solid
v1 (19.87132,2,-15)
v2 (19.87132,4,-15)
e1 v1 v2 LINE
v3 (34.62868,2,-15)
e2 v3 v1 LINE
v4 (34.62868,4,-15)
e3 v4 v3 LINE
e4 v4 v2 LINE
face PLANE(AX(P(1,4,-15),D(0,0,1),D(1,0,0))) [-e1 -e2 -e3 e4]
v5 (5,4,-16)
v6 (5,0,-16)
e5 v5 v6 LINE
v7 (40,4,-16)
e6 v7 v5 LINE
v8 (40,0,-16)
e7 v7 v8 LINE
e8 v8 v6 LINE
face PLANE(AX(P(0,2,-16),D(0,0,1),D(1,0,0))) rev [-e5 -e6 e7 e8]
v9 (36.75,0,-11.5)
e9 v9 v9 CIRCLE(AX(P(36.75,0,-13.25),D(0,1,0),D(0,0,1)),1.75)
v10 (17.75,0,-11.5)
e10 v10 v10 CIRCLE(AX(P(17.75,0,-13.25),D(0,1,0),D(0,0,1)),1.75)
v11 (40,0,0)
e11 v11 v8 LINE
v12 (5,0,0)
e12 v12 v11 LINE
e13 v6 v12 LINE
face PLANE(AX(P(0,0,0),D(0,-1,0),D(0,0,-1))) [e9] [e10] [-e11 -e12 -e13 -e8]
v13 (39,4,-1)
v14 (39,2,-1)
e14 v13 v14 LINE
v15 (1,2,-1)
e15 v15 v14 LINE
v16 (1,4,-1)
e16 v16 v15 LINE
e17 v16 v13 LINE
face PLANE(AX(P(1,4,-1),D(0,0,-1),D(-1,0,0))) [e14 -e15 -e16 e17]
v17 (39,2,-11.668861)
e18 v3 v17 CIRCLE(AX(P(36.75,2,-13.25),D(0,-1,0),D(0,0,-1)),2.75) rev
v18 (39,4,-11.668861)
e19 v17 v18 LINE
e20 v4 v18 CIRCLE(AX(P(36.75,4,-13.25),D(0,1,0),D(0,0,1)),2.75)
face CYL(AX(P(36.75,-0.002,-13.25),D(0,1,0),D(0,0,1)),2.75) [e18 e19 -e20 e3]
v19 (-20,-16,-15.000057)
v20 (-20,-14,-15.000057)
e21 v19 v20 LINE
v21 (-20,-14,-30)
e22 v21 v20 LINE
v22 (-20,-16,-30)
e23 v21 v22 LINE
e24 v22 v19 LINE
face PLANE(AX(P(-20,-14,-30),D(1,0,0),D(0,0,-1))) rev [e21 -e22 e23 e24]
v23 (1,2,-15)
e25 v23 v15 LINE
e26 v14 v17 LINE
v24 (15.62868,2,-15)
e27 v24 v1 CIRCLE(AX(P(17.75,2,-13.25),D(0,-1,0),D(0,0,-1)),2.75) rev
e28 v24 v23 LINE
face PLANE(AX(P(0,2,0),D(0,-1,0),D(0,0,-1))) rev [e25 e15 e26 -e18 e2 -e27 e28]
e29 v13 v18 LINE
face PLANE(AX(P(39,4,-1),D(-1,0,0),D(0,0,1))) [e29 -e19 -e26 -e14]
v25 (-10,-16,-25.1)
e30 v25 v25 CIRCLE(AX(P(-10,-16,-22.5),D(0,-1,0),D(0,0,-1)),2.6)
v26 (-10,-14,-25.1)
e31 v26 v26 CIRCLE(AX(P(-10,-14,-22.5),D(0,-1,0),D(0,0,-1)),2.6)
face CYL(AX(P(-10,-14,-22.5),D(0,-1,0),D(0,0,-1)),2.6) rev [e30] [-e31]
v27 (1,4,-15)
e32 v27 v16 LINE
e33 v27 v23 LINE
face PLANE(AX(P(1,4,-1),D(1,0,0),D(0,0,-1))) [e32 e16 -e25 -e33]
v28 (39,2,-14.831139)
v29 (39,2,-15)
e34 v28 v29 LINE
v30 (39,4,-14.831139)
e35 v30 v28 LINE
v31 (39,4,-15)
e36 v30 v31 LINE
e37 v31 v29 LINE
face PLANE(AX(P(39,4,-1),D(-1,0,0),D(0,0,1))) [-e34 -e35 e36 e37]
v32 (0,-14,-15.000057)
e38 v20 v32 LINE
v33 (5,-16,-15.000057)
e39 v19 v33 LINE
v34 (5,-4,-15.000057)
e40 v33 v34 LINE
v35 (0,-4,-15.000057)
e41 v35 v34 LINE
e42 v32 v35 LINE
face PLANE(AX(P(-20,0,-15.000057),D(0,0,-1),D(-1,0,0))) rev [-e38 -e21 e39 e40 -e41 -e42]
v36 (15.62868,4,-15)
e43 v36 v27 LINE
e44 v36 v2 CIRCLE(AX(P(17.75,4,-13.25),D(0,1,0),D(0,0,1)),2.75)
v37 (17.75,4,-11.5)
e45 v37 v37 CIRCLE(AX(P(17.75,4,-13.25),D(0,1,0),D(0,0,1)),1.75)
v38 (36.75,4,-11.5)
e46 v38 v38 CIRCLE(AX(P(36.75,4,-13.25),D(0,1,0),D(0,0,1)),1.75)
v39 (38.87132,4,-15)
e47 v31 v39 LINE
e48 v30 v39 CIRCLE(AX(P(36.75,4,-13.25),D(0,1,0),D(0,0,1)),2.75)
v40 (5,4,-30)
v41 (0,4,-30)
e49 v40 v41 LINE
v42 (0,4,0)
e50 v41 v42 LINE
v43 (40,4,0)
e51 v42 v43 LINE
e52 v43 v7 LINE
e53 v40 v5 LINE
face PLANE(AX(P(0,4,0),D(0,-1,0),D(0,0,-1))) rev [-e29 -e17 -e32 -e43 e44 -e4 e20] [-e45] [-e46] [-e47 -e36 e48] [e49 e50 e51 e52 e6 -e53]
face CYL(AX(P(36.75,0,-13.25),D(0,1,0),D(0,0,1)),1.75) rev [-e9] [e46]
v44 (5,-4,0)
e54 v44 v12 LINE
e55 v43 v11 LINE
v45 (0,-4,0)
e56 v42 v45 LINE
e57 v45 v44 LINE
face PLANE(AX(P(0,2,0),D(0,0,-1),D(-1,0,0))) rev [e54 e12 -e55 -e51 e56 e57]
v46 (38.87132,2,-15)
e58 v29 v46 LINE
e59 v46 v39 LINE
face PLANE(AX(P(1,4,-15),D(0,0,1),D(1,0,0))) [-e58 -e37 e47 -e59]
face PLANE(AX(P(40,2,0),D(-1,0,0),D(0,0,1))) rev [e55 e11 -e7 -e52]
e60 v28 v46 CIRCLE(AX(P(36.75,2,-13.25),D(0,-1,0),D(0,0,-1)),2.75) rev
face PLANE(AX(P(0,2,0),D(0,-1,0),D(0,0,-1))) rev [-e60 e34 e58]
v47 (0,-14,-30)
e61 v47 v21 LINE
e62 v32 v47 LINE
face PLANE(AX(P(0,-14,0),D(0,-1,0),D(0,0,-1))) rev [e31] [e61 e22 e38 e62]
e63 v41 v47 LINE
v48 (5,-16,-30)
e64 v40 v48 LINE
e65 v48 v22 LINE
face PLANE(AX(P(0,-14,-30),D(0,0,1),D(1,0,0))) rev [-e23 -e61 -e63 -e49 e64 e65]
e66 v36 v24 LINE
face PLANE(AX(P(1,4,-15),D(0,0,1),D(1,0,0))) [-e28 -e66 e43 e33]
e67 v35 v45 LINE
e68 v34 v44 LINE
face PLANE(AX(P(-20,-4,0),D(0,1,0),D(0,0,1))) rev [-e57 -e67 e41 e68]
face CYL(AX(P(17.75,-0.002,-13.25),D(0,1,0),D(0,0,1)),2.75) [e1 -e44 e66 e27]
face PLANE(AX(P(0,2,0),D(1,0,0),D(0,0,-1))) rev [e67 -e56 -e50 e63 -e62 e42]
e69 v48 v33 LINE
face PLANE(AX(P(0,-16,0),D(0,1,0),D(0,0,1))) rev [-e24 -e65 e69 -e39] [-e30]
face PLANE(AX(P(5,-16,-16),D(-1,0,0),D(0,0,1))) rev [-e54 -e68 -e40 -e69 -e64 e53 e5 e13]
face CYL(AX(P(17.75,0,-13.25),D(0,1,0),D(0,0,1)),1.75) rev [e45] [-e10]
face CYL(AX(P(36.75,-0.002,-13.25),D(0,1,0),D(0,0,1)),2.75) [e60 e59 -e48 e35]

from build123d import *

# Parameters (mm, degrees)
SKETCH1_W           = 40
SKETCH1_H           = 16
BOSS_EXTRUDE1_DEPTH = 2
SKETCH2_W           = 40
SKETCH2_H           = 16
SKETCH2_W_2         = 38
SKETCH2_H_2         = 14
BOSS_EXTRUDE2_DEPTH = 2
BOSS_EXTRUDE5_REACH = 45.267
SKETCH3_R           = 2.75
SKETCH4_R           = 1.75
CUT_EXTRUDE1_DEPTH  = 44.266615306
SKETCH5_W           = 5
SKETCH5_H           = 16
BOSS_EXTRUDE6_DEPTH = 16
SKETCH6_W           = 20
SKETCH6_H           = 15
SKETCH6_R           = 2.6
BOSS_EXTRUDE7_DEPTH = 2
SKETCH7_W           = 5
SKETCH7_H           = 1
BOSS_EXTRUDE8_DEPTH = 2
SKETCH9_W           = 11.830057264
SKETCH9_H           = 8
CUT_EXTRUDE3_DEPTH  = 49.795491595
SKETCH10_W          = 5
SKETCH10_H          = 18
BOSS_EXTRUDE9_DEPTH = 14
SKETCH11_W          = 3.17
SKETCH11_H          = 8
CUT_EXTRUDE4_DEPTH  = 49.795491595


with BuildPart() as part:
    # Sketch1 → Boss-Extrude1 (new body)
    with BuildSketch(Plane(origin=(0, 0, 0), x_dir=(1, 0, 0), z_dir=(0, 1, 0))):
        with Locations((20, 8)):
            Rectangle(SKETCH1_W, SKETCH1_H)
    extrude(amount=BOSS_EXTRUDE1_DEPTH)

    # Sketch2 → Boss-Extrude2 (add)
    with BuildSketch(Plane(origin=(0, 2, 0), x_dir=(1, 0, 0), z_dir=(0, 1, 0))):
        with Locations((20, 8)):
            Rectangle(SKETCH2_W, SKETCH2_H)
        with Locations((20, 8)):
            Rectangle(SKETCH2_W_2, SKETCH2_H_2, mode=Mode.SUBTRACT)
    extrude(amount=BOSS_EXTRUDE2_DEPTH)

    # Sketch3 → Boss-Extrude5 (add, up to next)
    with BuildSketch(Plane(origin=(0, 4, 0), x_dir=(1, 0, 0), z_dir=(0, 1, 0)), mode=Mode.PRIVATE) as boss_extrude5_sk1:
        with Locations((17.75, 13.25)):
            Circle(SKETCH3_R)
    boss_extrude5_tool1 = extrude(boss_extrude5_sk1.sketch, amount=-BOSS_EXTRUDE5_REACH, mode=Mode.PRIVATE) - part.part
    # Sketch3 → Boss-Extrude5 (add, up to next)
    with BuildSketch(Plane(origin=(0, 4, 0), x_dir=(1, 0, 0), z_dir=(0, 1, 0)), mode=Mode.PRIVATE) as boss_extrude5_sk2:
        with Locations((36.75, 13.25)):
            Circle(SKETCH3_R)
    boss_extrude5_tool2 = extrude(boss_extrude5_sk2.sketch, amount=-BOSS_EXTRUDE5_REACH, mode=Mode.PRIVATE) - part.part
    add(boss_extrude5_tool1.solids().sort_by_distance((17.75, 4, -13.25))[0])
    add(boss_extrude5_tool2.solids().sort_by_distance((36.75, 4, -13.25))[0])

    # Sketch4 → Cut-Extrude1 (cut, through all)
    with BuildSketch(Plane(origin=(0, 4, 0), x_dir=(1, 0, 0), z_dir=(0, 1, 0))):
        with Locations(Location((17.75, 13.25, 0), (0, 0, 270))):
            Circle(SKETCH4_R)
        with Locations(Location((36.75, 13.25, 0), (0, 0, 270))):
            Circle(SKETCH4_R)
    extrude(amount=-CUT_EXTRUDE1_DEPTH, mode=Mode.SUBTRACT)

    # Sketch5 → Boss-Extrude6 (add)
    with BuildSketch(Plane(origin=(0, 0, 0), x_dir=(-1, 0, 0), z_dir=(0, -1, 0))):
        with Locations((-2.5, 8)):
            Rectangle(SKETCH5_W, SKETCH5_H)
    extrude(amount=BOSS_EXTRUDE6_DEPTH)

    # Sketch6 → Boss-Extrude7 (add)
    # profile 1 of 2: a face of its own
    with BuildSketch(Plane.XZ.offset(16)):
        Polygon((5, -30), (5, 0), (0, 0), (0, -15), (0, -30), align=None)
    # profile 2 of 2: a face of its own
    with BuildSketch(Plane.XZ.offset(16)):
        with Locations((-10, -22.5)):
            Rectangle(SKETCH6_W, SKETCH6_H)
        with Locations(Location((-10, -22.5, 0), (0, 0, 270))):
            Circle(SKETCH6_R, mode=Mode.SUBTRACT)
    extrude(amount=-BOSS_EXTRUDE7_DEPTH)

    # Sketch7 → Boss-Extrude8 (add)
    with BuildSketch(Plane(origin=(0, -14, 0), x_dir=(1, 0, 0), z_dir=(0, 1, 0))):
        with Locations((2.5, 15.5)):
            Rectangle(SKETCH7_W, SKETCH7_H)
    extrude(amount=BOSS_EXTRUDE8_DEPTH)

    # Sketch9 → Cut-Extrude3 (cut, through all)
    with BuildSketch(Plane(origin=(5, 0, 0), x_dir=(0, 0, -1), z_dir=(1, 0, 0))):
        with Locations((5.915028632, -12)):
            Rectangle(SKETCH9_W, SKETCH9_H)
    extrude(amount=-CUT_EXTRUDE3_DEPTH, mode=Mode.SUBTRACT)

    # Sketch10 → Boss-Extrude9 (add)
    with BuildSketch(Plane(origin=(0, 0, -16), x_dir=(-1, 0, 0), z_dir=(0, 0, -1))):
        with Locations((-2.5, -5)):
            Rectangle(SKETCH10_W, SKETCH10_H)
    extrude(amount=BOSS_EXTRUDE9_DEPTH)

    # Sketch11 → Cut-Extrude4 (cut, through all)
    with BuildSketch(Plane(origin=(5, 0, 0), x_dir=(0, 0, -1), z_dir=(1, 0, 0))):
        Polygon((0, -8), (11.830057264, -8), (15.000057264, -8), (15.000057264, -4), (0, -4), align=None)
        with Locations((13.415057264, -12)):
            Rectangle(SKETCH11_W, SKETCH11_H)
    extrude(amount=-CUT_EXTRUDE4_DEPTH, mode=Mode.SUBTRACT)


solid = part.part
